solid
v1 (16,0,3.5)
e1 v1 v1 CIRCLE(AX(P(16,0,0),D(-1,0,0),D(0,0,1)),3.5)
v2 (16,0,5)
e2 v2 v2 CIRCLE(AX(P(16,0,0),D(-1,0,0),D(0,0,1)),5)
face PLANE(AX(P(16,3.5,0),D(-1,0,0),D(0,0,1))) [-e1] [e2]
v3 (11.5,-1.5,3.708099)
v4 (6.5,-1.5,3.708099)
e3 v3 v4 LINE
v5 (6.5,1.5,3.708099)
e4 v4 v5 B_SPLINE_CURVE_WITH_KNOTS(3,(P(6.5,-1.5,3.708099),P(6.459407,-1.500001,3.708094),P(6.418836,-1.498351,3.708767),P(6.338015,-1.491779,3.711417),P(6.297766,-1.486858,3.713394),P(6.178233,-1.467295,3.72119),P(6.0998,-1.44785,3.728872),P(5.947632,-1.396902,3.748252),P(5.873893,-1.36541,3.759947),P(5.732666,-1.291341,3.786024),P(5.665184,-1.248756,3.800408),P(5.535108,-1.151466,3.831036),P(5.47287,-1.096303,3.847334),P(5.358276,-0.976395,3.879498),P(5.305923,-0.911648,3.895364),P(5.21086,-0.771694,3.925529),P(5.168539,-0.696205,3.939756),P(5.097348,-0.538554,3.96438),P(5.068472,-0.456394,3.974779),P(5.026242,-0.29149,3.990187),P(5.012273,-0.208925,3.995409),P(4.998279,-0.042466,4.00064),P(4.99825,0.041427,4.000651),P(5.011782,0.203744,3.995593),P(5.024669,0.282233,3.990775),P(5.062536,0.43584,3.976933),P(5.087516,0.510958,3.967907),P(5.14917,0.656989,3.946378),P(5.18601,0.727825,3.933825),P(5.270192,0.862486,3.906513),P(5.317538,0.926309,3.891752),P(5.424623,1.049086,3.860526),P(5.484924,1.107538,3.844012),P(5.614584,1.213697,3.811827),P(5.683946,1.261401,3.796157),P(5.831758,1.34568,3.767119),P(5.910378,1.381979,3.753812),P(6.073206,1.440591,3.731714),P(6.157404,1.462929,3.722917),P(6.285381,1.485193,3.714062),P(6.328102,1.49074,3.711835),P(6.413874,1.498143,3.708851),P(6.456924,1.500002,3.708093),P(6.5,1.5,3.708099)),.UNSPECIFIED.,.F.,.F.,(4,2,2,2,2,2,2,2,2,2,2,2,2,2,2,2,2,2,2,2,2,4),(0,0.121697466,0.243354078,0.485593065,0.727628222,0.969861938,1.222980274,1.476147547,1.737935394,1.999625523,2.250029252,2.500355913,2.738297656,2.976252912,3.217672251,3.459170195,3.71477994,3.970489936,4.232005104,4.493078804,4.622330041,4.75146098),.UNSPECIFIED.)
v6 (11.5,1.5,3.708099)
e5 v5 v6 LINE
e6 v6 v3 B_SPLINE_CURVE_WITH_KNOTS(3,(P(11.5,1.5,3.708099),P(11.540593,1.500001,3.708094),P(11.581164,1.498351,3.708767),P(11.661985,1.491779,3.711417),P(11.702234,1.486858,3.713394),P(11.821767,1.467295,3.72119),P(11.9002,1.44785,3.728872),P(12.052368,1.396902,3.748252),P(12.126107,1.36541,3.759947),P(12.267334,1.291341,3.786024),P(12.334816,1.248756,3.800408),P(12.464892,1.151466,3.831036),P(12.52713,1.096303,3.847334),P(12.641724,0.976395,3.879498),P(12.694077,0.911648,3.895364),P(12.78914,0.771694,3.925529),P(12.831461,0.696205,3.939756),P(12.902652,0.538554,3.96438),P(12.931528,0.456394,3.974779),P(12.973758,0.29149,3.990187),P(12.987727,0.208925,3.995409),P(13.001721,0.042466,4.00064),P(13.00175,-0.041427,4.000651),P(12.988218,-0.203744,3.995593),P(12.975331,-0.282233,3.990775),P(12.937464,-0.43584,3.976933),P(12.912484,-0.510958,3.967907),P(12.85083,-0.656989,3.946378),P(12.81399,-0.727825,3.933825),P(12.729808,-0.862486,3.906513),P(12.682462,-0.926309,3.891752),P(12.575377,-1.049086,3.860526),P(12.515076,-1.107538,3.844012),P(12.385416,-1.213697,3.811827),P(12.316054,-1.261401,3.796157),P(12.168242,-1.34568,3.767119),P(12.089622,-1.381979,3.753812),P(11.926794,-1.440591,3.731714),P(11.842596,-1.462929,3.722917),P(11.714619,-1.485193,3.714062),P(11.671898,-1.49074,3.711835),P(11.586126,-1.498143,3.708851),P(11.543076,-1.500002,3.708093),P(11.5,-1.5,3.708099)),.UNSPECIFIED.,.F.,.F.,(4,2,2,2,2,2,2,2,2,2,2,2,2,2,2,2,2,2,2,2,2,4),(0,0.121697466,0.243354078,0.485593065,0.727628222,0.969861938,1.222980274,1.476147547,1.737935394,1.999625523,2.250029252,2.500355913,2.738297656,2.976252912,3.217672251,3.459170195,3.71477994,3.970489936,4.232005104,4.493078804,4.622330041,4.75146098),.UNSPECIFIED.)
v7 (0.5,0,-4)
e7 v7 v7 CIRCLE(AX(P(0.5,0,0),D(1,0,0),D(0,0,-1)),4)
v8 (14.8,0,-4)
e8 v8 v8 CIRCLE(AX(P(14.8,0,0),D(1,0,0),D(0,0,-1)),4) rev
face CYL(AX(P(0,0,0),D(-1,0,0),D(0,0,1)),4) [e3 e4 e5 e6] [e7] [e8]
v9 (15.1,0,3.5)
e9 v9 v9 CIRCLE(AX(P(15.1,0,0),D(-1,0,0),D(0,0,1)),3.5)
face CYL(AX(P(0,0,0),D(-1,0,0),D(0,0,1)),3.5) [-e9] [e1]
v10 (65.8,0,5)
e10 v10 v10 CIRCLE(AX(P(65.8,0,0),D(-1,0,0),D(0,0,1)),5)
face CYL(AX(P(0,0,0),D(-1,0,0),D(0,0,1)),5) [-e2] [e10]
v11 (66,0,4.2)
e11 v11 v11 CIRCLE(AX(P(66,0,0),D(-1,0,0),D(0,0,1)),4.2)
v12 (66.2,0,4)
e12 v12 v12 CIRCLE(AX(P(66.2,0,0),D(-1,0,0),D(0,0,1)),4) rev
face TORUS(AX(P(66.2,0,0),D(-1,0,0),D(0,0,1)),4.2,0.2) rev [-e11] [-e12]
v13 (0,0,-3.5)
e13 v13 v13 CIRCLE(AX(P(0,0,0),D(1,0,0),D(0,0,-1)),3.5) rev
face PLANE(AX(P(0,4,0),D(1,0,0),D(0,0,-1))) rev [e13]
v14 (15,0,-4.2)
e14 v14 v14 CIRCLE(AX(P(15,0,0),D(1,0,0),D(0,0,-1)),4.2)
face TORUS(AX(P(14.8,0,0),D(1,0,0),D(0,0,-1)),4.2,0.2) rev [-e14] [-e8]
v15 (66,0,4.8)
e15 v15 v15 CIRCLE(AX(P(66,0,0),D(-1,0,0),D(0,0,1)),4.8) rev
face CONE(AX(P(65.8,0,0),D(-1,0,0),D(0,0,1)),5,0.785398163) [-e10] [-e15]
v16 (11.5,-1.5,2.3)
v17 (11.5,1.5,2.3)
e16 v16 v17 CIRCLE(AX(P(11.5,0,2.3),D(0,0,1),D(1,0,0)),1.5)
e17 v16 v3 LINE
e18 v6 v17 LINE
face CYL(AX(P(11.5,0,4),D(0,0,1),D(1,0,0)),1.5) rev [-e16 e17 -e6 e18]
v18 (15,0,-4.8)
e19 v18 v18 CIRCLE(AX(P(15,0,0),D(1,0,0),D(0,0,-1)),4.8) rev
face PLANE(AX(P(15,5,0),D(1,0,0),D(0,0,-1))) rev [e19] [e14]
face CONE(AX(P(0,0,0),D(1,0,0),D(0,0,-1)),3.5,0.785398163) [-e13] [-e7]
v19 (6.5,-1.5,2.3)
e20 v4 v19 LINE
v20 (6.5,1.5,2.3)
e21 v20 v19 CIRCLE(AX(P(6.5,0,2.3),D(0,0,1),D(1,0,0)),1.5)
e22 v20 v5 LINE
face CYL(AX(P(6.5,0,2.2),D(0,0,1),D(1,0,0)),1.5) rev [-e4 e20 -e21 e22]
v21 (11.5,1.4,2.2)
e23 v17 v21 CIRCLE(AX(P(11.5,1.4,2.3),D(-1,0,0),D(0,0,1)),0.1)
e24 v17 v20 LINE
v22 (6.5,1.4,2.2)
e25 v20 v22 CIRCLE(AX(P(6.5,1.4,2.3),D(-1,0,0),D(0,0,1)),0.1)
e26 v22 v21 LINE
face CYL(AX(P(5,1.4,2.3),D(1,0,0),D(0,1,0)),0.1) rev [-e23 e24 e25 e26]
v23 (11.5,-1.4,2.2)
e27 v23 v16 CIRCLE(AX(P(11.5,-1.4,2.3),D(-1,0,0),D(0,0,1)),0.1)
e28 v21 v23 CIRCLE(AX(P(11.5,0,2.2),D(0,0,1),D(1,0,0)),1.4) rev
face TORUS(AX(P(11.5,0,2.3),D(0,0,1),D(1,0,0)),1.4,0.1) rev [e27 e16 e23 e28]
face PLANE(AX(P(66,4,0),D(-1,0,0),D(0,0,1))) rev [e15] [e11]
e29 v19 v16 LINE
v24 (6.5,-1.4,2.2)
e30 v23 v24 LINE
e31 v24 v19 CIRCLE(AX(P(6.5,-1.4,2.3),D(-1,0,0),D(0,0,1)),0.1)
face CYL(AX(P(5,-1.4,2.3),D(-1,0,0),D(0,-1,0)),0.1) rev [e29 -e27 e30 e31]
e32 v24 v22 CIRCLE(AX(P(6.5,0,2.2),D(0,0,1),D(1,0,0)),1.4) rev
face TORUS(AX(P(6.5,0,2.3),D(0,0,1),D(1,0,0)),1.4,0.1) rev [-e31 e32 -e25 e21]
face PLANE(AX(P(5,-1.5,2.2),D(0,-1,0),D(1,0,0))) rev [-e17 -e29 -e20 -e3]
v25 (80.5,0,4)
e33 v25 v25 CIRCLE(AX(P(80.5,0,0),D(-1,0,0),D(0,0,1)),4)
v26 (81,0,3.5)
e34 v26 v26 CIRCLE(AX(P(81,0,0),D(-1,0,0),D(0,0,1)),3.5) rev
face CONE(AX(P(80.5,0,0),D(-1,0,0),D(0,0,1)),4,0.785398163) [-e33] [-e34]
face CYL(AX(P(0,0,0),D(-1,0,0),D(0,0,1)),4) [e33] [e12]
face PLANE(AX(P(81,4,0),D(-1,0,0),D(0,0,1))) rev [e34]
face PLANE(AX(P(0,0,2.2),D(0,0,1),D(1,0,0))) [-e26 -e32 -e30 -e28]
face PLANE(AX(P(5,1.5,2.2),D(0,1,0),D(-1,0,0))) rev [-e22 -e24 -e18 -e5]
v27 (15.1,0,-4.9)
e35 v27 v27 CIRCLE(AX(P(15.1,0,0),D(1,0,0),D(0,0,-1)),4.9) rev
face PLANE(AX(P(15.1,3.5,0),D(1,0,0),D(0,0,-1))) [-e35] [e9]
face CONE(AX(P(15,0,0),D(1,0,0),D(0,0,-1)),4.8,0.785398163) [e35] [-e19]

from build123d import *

# Parameters (mm, degrees)
CHAMFER1_SIZE        = 0.2
CHAMFER2_SIZE        = 0.2
CHAMFER3_SIZE        = 0.5
CHAMFER4_SIZE        = 0.5
FILLET1_R            = 0.2
FILLET2_R            = 0.2
SKETCH11_W           = 8
SKETCH11_H           = 3
BOSS_EXTRUDE10_DEPTH = 1.8
FILLET19_RADIUS      = 1.5
FILLET19_LENGTH      = 1.8
FILLET20_RADIUS      = 1.5
FILLET20_LENGTH      = 1.8
FILLET21_R           = 0.1
SKETCH21_W           = 0.9
SKETCH21_H           = 1.5


with BuildPart() as part:
    # Sketch1 → Revolve1 (revolve)
    with BuildSketch(Plane.XY, mode=Mode.PRIVATE) as revolve1_sk:
        Polygon((0, 0), (81, 0), (81, 4), (66, 4), (66, 5), (15, 5), (15, 4), (0, 4), align=None)
    revolve(revolve1_sk.sketch.rotate(Axis((0, 0, 0), (1, 0, 0)), 90), axis=Axis((0, 0, 0), (1, 0, 0)))

    # Chamfer1
    chamfer1_edges = [part.edges().sort_by_distance(p)[0] for p in [
        (66, 0, -5),
    ]]
    chamfer(chamfer1_edges, length=CHAMFER1_SIZE)

    # Chamfer2
    chamfer2_edges = [part.edges().sort_by_distance(p)[0] for p in [
        (15, 0, -5),
    ]]
    chamfer(chamfer2_edges, length=CHAMFER2_SIZE)

    # Chamfer3
    chamfer3_edges = [part.edges().sort_by_distance(p)[0] for p in [
        (0, 0, -4),
    ]]
    chamfer(chamfer3_edges, length=CHAMFER3_SIZE)

    # Chamfer4
    chamfer4_edges = [part.edges().sort_by_distance(p)[0] for p in [
        (81, 0, -4),
    ]]
    chamfer(chamfer4_edges, length=CHAMFER4_SIZE)

    # Fillet1
    fillet1_edges = [part.edges().sort_by_distance(p)[0] for p in [
        (15, 0, -4),
    ]]
    fillet(fillet1_edges, radius=FILLET1_R)

    # Fillet2
    fillet2_edges = [part.edges().sort_by_distance(p)[0] for p in [
        (66, 0, -4),
    ]]
    fillet(fillet2_edges, radius=FILLET2_R)


with BuildPart() as body_2:
    # Sketch11 → Boss-Extrude10 (new body)
    with BuildSketch(Plane.XY.offset(4)):
        with Locations((9, 0)):
            Rectangle(SKETCH11_W, SKETCH11_H)
    extrude(amount=-BOSS_EXTRUDE10_DEPTH)

    # Fillet19: full round fillet: the end face becomes a half cylinder, R = half its width
    fillet19_face = Plane((5, 0, 3.1), x_dir=(0, 0, 1), z_dir=(-1, 0, 0))  # on the end face: x along it, z out of the body
    fillet19_slab = fillet19_face.offset(-FILLET19_RADIUS / 2) * Box(FILLET19_LENGTH, 2 * FILLET19_RADIUS, FILLET19_RADIUS, mode=Mode.PRIVATE)  # the body's end, R deep
    fillet19_round = Plane((6.5, 0, 3.1), x_dir=(-1, 0, 0), z_dir=(0, 0, 1)) * Cylinder(FILLET19_RADIUS, FILLET19_LENGTH, mode=Mode.PRIVATE)  # its axis R under the face
    add(fillet19_slab - fillet19_round, mode=Mode.SUBTRACT)

    # Fillet20: full round fillet: the end face becomes a half cylinder, R = half its width
    fillet20_face = Plane((13, 0, 3.1), x_dir=(0, 0, -1), z_dir=(1, 0, 0))  # on the end face: x along it, z out of the body
    fillet20_slab = fillet20_face.offset(-FILLET20_RADIUS / 2) * Box(FILLET20_LENGTH, 2 * FILLET20_RADIUS, FILLET20_RADIUS, mode=Mode.PRIVATE)  # the body's end, R deep
    fillet20_round = Plane((11.5, 0, 3.1), x_dir=(1, 0, 0), z_dir=(0, 0, -1)) * Cylinder(FILLET20_RADIUS, FILLET20_LENGTH, mode=Mode.PRIVATE)  # its axis R under the face
    add(fillet20_slab - fillet20_round, mode=Mode.SUBTRACT)

    # Fillet21
    fillet21_edges = [body_2.edges().sort_by_distance(p)[0] for p in [
        (9, -1.5, 2.2),
        (5, 0, 2.2),
        (9, 1.5, 2.2),
        (13, 0, 2.2),
    ]]
    fillet(fillet21_edges, radius=FILLET21_R)


with BuildPart() as part_1:
    add(part.part)

    # Combine6: cut body 2
    add(body_2.part, mode=Mode.SUBTRACT)

    # Sketch21 → Cut-Revolve3 (revolve, cut)
    with BuildSketch(Plane.XY, mode=Mode.PRIVATE) as cut_revolve3_sk:
        with Locations((15.55, 4.25)):
            Rectangle(SKETCH21_W, SKETCH21_H)
    revolve(cut_revolve3_sk.sketch.rotate(Axis((0, 0, 0), (1, 0, 0)), 270), axis=Axis((0, 0, 0), (1, 0, 0)), mode=Mode.SUBTRACT)


solid = part_1.part
